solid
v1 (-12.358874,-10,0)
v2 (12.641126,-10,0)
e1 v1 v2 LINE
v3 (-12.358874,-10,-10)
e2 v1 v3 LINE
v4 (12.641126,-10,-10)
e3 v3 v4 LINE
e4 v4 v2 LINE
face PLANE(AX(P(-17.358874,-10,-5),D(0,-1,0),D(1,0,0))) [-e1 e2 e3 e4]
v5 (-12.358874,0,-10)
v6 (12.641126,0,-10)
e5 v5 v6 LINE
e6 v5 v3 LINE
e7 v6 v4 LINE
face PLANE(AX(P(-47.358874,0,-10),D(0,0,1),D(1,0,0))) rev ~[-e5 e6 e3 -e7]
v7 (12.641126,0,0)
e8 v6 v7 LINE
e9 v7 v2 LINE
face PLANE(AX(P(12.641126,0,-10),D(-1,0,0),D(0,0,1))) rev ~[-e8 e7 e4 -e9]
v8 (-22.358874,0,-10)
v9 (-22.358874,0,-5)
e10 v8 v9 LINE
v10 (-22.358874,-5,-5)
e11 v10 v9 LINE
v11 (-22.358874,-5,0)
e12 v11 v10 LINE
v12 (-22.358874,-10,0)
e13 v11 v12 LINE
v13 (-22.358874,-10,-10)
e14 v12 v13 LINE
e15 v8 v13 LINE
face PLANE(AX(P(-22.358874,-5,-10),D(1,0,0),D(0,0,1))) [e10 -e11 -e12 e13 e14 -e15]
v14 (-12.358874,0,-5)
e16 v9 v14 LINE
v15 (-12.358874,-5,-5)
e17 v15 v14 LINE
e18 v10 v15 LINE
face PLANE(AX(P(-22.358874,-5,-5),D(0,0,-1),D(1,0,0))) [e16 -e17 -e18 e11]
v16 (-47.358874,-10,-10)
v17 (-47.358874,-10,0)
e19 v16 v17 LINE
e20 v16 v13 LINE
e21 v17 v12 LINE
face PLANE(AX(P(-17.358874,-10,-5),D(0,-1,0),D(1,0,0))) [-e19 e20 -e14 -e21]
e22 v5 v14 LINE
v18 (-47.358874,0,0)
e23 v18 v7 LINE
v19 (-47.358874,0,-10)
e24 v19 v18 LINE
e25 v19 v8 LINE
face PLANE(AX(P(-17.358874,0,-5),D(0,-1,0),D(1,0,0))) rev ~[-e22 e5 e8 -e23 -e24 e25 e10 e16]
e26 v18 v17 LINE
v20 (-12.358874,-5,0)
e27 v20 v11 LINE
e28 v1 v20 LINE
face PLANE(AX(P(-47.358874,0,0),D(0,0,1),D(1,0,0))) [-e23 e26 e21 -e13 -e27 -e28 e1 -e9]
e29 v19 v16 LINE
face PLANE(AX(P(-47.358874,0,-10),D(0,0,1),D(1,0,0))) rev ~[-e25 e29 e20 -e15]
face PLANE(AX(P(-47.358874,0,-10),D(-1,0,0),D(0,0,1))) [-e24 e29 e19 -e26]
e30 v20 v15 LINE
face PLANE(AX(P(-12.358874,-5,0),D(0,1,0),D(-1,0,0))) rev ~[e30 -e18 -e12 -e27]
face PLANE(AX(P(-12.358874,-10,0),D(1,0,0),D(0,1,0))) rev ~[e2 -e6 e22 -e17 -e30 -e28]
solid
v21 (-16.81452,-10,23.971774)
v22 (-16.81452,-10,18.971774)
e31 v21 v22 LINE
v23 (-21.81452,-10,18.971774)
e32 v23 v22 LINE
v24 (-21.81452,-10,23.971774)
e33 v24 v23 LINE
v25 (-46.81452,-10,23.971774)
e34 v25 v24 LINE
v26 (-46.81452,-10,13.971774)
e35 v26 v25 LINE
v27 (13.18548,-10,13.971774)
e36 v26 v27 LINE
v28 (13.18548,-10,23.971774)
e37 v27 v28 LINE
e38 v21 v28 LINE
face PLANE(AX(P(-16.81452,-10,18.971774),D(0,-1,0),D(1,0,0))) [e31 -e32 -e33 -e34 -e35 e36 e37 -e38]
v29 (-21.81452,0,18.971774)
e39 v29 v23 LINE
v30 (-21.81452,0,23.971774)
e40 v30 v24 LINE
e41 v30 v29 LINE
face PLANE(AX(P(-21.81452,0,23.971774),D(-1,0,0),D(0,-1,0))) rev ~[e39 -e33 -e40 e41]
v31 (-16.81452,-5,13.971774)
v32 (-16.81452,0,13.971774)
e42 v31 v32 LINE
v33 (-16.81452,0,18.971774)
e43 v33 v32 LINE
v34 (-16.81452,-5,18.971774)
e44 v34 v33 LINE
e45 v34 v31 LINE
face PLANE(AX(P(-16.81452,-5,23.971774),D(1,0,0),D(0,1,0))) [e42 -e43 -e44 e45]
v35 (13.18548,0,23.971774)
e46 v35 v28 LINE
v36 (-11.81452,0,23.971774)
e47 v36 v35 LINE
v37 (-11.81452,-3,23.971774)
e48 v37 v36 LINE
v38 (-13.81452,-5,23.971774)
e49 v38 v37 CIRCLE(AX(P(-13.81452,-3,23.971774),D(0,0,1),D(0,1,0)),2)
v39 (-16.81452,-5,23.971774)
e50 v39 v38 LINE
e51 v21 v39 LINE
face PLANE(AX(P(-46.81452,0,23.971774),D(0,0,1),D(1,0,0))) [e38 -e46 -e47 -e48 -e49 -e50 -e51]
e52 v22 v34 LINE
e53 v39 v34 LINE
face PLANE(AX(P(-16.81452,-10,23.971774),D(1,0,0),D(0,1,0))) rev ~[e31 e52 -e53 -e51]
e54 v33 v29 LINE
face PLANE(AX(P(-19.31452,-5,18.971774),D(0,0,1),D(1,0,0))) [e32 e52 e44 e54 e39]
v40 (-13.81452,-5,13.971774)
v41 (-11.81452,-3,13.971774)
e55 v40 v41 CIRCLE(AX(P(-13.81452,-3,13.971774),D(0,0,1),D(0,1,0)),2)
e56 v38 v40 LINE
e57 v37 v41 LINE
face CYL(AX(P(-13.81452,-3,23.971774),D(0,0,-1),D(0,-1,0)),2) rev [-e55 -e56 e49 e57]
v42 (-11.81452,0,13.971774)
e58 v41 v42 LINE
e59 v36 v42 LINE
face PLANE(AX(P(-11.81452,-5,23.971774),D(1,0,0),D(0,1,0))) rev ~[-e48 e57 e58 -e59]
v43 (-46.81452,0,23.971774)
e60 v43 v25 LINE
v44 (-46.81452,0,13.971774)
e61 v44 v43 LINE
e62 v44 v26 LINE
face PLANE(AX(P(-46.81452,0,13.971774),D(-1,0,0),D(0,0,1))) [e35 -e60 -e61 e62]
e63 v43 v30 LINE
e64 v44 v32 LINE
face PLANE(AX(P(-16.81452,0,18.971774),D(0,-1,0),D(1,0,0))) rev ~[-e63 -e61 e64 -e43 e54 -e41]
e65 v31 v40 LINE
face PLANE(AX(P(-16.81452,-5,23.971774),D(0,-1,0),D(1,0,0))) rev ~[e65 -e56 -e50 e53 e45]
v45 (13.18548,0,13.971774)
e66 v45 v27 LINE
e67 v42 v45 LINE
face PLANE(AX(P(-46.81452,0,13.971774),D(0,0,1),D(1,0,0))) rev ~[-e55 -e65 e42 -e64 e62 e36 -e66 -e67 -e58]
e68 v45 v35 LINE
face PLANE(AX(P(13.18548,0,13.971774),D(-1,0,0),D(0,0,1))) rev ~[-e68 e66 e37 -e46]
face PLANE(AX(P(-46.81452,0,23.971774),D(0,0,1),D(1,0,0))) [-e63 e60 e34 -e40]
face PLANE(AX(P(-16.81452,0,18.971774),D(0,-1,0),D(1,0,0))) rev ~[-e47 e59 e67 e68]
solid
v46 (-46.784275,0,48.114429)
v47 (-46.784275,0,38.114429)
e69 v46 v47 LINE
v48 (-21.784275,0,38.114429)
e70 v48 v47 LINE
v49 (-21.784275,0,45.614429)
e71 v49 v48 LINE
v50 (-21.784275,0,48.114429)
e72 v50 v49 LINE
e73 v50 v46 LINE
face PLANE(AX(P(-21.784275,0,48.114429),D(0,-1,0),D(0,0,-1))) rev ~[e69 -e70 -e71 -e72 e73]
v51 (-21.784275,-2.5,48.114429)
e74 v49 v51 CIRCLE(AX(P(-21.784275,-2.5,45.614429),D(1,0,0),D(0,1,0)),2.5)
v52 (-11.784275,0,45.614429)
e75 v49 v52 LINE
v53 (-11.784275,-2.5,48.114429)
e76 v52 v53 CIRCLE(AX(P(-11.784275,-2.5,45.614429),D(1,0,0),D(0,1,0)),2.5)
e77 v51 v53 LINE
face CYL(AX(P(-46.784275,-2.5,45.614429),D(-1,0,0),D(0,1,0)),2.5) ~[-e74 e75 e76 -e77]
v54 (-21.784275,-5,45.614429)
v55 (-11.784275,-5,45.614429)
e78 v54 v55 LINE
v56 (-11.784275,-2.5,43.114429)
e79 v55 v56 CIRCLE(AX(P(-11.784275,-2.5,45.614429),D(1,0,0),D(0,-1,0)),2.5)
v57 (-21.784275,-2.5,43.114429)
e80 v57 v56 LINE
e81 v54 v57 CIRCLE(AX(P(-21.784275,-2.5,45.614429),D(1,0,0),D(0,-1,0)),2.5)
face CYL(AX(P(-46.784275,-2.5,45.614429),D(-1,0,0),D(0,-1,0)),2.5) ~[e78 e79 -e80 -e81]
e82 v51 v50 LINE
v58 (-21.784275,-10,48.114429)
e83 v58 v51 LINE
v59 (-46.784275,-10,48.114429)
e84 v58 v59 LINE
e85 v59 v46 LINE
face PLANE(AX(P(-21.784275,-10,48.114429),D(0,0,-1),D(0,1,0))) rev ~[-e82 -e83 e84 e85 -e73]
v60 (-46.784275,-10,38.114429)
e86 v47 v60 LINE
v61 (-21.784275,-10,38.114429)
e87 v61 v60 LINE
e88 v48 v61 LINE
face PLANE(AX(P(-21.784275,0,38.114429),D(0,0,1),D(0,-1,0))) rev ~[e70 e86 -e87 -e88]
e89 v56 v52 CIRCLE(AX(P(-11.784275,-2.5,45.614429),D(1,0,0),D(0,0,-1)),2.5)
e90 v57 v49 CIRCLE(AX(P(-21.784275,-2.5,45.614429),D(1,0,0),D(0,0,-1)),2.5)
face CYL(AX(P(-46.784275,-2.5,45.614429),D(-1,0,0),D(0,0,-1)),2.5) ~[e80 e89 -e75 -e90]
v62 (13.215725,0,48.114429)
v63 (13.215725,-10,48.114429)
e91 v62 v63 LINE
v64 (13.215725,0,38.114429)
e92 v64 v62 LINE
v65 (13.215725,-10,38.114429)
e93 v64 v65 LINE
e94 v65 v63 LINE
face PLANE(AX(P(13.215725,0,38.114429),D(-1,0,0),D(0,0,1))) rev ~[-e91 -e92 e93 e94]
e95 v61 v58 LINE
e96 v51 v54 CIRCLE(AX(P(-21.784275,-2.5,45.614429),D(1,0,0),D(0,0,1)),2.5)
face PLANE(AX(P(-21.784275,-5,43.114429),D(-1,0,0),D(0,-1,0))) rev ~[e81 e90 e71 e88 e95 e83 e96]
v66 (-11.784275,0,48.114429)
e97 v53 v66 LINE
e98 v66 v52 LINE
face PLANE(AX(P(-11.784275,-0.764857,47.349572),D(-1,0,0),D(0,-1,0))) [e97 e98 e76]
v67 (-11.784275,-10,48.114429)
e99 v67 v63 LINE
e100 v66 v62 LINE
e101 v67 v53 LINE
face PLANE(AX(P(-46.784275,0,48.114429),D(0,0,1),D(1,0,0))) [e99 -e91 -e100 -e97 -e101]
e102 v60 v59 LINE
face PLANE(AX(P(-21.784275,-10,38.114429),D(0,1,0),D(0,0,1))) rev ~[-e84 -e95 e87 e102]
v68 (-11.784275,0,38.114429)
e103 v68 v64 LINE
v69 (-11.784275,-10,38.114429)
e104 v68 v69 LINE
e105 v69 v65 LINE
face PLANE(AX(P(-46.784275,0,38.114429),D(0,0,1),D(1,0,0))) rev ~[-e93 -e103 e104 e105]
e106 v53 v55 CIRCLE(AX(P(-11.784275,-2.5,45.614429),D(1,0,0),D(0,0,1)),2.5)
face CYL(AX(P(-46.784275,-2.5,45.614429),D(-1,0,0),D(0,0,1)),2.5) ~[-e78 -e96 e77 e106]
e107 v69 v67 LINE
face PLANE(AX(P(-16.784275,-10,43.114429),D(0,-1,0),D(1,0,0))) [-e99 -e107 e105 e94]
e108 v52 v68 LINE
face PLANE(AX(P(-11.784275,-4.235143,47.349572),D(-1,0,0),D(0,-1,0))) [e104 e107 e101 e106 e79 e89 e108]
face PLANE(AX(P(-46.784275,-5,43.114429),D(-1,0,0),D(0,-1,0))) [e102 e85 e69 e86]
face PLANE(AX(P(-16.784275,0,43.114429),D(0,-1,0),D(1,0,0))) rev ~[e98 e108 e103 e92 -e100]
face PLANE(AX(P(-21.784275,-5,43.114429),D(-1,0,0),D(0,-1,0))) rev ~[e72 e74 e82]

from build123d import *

# Parameters (mm, degrees)
F0_W      = 60
F0_H      = 10
F1_DEPTH  = 10
F3_DEPTH  = 10
F4_W      = 10
F4_H      = 5
F5_DEPTH  = 5
F7_DEPTH  = 5
F6_W      = 5
F6_H      = 5
F8_DEPTH  = 10
F9_R      = 2
F11_DEPTH = 35
F12_DEPTH = 25
F14_DEPTH = 25


with BuildPart() as f1:
    # F0 (on Front) → F1 (new body)
    with BuildSketch(Plane.XZ):
        with Locations((-16.7842754163, 43.1144291859)):
            Rectangle(F0_W, F0_H)
    extrude(amount=F1_DEPTH)

    # F10 (on face) → F11 (cut)
    with BuildSketch(Plane(origin=(-46.7842754163, 0, 0), x_dir=(0, -1, 0), z_dir=(-1, 0, 0))):
        with BuildLine():
            ThreePointArc((0, 45.6144291859), (0.732233047, 47.3821961388), (2.5, 48.1144291859))
            Line((2.5, 48.1144291859), (0, 48.1144291859))
            Line((0, 48.1144291859), (0, 45.6144291859))
        make_face()
        with BuildLine():
            Line((5, 45.6144291859), (5, 48.1144291859))
            Line((5, 48.1144291859), (2.5, 48.1144291859))
            ThreePointArc((2.5, 48.1144291859), (4.267766953, 47.3821961388), (5, 45.6144291859))
        make_face()
        with BuildLine():
            Line((0, 43.1144291859), (2.5, 43.1144291859))
            ThreePointArc((2.5, 43.1144291859), (0.732233047, 43.8466622329), (0, 45.6144291859))
            Line((0, 45.6144291859), (0, 43.1144291859))
        make_face()
        with BuildLine():
            Line((5, 43.1144291859), (5, 45.6144291859))
            ThreePointArc((5, 45.6144291859), (4.267766953, 43.8466622329), (2.5, 43.1144291859))
            Line((2.5, 43.1144291859), (5, 43.1144291859))
        make_face()
        Polygon((10, 38.1144291859), (10, 48.1144291859), (5, 48.1144291859), (5, 45.6144291859), (5, 43.1144291859), (2.5, 43.1144291859), (0, 43.1144291859), (0, 38.1144291859), align=None)
    extrude(amount=-F11_DEPTH, mode=Mode.SUBTRACT)

    # F12 (cut): a face of the model
    f12_faces = [f1.faces().sort_by_distance(p)[0] for p in [
        (-46.7842754163, -2.5, 45.6144291859),
    ]]
    extrude(f12_faces, amount=-F12_DEPTH, mode=Mode.SUBTRACT)

    # F13 (on face) → F14 (join)
    with BuildSketch(Plane(origin=(-21.7842754163, 0, 0), x_dir=(0, -1, 0), z_dir=(-1, 0, 0))):
        Polygon((10, 48.1144291859), (2.5, 48.1144291859), (0, 48.1144291859), (0, 38.1144291859), (10, 38.1144291859), align=None)
    extrude(amount=F14_DEPTH)


with BuildPart() as f1b:
    # F0 (on Front) → F1, piece 2 (new body)
    with BuildSketch(Plane.XZ):
        with Locations((-16.814519912, 18.9717739075)):
            Rectangle(F0_W, F0_H)
    extrude(amount=F1_DEPTH)

    # F6 (on face) → F7 (cut)
    with BuildSketch(Plane.XY.offset(23.9717739075)):
        Polygon((-21.814519912, 0), (-21.814519912, -10), (-16.814519912, -10), (-16.814519912, -5), (-16.814519912, 0), align=None)
    extrude(amount=-F7_DEPTH, mode=Mode.SUBTRACT)

    # F6 (on face) → F8 (cut)
    with BuildSketch(Plane.XY.offset(23.9717739075)):
        with Locations((-14.314519912, -2.5)):
            Rectangle(F6_W, F6_H)
    extrude(amount=-F8_DEPTH, mode=Mode.SUBTRACT)

    # F9
    f9_edges = [f1b.edges().sort_by_distance(p)[0] for p in [
        (-11.81452, -5, 18.971774),
    ]]
    fillet(f9_edges, radius=F9_R)


with BuildPart() as f1c:
    # F0 (on Front) → F1, piece 3 (new body)
    with BuildSketch(Plane.XZ):
        with Locations((-17.3588742316, -5)):
            Rectangle(F0_W, F0_H)
    extrude(amount=F1_DEPTH)

    # F2 (on face) → F3 (cut)
    with BuildSketch(Plane.XY):
        Polygon((-22.3588742316, -5), (-22.3588742316, -10), (-17.3588742316, -10), (-12.3588742316, -10), (-12.3588742316, -5), align=None)
    extrude(amount=-F3_DEPTH, mode=Mode.SUBTRACT)

    # F4 (on face) → F5 (cut)
    with BuildSketch(Plane.XZ.offset(5)):
        with Locations((-17.3588742316, -7.5)):
            Rectangle(F4_W, F4_H)
    extrude(amount=-F5_DEPTH, mode=Mode.SUBTRACT)


solid = Compound([f1.part, f1b.part, f1c.part])
